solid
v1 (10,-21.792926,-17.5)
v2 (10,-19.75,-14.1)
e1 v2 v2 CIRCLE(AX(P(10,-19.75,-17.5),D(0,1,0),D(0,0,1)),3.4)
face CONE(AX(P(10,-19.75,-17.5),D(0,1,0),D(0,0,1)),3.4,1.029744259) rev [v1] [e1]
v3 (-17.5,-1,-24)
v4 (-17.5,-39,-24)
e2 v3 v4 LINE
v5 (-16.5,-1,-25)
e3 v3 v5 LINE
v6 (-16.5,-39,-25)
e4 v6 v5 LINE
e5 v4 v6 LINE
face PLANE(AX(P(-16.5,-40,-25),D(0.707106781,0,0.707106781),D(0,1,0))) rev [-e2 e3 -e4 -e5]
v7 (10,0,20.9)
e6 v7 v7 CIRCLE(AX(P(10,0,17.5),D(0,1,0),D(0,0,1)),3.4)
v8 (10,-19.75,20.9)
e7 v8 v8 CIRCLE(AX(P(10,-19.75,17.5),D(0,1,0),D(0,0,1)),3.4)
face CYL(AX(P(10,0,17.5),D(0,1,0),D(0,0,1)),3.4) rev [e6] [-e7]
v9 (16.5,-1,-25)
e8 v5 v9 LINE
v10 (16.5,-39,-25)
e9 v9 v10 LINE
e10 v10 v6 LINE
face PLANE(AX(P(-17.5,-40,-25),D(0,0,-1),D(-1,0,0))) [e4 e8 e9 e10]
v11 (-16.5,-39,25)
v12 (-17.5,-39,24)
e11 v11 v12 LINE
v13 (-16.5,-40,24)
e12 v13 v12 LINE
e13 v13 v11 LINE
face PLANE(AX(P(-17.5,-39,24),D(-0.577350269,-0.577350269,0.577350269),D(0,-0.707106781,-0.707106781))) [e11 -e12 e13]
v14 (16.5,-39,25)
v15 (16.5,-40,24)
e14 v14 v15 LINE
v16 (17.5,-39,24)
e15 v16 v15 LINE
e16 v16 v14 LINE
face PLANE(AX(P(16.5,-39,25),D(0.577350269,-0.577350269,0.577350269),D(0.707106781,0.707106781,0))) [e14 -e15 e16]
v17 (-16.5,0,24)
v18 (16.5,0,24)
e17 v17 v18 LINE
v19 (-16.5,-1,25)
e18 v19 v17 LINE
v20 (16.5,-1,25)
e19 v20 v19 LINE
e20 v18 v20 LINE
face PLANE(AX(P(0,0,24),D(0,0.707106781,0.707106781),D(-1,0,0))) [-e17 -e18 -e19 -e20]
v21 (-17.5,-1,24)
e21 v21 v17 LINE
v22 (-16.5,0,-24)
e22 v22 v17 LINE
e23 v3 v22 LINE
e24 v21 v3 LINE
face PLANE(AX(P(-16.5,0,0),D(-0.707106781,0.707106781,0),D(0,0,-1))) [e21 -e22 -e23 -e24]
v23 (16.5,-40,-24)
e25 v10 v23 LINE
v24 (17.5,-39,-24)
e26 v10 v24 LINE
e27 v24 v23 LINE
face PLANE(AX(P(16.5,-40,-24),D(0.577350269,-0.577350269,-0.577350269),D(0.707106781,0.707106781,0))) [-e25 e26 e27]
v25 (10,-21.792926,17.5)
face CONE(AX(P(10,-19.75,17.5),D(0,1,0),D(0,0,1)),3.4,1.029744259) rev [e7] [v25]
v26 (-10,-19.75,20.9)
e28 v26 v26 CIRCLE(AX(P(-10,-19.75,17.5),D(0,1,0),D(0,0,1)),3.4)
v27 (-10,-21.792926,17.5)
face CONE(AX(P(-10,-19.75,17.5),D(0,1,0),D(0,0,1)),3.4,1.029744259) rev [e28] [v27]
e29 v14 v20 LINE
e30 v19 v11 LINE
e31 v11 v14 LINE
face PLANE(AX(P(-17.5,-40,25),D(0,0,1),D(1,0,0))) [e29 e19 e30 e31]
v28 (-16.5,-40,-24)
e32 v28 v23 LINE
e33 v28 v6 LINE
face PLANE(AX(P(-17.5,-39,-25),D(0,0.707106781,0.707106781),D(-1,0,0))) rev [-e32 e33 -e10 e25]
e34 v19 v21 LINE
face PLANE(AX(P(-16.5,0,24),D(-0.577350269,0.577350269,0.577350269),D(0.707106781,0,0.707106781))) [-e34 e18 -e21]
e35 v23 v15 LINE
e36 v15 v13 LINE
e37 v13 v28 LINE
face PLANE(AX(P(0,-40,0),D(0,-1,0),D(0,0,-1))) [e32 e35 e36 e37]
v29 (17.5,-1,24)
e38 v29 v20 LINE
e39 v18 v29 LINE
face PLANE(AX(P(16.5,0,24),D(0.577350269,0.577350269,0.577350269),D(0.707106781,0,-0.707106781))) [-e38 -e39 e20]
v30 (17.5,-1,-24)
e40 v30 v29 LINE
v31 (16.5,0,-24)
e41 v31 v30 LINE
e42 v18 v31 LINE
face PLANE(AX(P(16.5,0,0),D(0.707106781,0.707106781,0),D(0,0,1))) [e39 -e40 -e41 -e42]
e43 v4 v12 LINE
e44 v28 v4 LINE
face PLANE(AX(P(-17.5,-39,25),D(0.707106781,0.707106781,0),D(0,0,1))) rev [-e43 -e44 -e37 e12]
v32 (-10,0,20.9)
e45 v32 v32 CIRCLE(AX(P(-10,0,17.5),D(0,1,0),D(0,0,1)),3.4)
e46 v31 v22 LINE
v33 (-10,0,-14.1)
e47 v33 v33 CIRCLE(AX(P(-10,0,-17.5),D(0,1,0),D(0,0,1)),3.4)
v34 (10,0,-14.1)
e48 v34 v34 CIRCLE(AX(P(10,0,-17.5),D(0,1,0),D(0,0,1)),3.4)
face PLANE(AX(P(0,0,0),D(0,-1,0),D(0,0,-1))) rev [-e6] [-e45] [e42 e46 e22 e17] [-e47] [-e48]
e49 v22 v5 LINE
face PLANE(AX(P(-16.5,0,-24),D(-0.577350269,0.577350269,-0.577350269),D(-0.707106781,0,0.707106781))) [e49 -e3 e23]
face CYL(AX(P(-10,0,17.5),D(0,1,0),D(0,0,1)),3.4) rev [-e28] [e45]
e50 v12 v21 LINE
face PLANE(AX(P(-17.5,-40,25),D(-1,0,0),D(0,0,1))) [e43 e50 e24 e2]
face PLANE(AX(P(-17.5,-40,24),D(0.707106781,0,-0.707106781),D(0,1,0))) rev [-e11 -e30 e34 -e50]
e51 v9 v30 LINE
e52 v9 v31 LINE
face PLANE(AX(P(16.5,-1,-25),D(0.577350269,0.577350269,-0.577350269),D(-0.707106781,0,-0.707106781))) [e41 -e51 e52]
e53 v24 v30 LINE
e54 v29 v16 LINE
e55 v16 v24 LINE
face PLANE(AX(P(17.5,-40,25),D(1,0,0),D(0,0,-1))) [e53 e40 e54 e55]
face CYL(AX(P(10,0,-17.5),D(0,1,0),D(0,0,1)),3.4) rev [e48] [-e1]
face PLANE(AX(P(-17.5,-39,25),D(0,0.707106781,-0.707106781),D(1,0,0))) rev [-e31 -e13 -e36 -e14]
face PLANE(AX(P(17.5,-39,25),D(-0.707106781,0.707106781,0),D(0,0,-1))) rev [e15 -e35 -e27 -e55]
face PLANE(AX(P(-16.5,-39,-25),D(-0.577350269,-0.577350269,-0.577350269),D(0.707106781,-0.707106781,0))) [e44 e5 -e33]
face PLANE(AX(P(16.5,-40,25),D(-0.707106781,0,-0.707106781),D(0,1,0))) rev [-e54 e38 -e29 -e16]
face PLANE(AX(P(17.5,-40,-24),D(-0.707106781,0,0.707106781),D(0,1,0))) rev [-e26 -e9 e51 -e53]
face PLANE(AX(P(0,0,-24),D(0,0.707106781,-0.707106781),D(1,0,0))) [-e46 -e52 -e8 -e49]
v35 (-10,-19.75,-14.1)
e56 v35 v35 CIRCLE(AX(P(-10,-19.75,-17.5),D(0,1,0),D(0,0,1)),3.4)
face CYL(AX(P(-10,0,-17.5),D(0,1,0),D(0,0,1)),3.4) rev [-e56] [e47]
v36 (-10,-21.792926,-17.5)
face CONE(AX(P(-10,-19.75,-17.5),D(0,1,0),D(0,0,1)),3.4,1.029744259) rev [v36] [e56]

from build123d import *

# Parameters (mm, degrees)
SKETCH1_W                  = 35
SKETCH1_H                  = 50
BOSS_EXTRUDE1_DEPTH        = 40
CHAMFER1_SIZE              = 1
M8_TAPPED_HOLE1_AT_2_COUNT = 2
M8_TAPPED_HOLE1_AT_2_PITCH = 40.311288741


with BuildPart() as part:
    # Sketch1 → Boss-Extrude1 (new body)
    with BuildSketch(Plane(origin=(0, 0, 0), x_dir=(1, 0, 0), z_dir=(0, 1, 0))):
        Rectangle(SKETCH1_W, SKETCH1_H)
    extrude(amount=-BOSS_EXTRUDE1_DEPTH)

    # Chamfer1
    chamfer1_edges = [part.edges().sort_by_distance(p)[0] for p in [
        (-17.5, -40, 0),
        (0, -40, 25),
        (17.5, -40, 0),
        (0, 0, 25),
        (-17.5, 0, 0),
        (0, 0, -25),
        (17.5, 0, 0),
        (17.5, -20, 25),
        (-17.5, -20, 25),
        (-17.5, -20, -25),
        (17.5, -20, -25),
        (0, -40, -25),
    ]]
    chamfer(chamfer1_edges, length=CHAMFER1_SIZE)

    # Sketch3 → M8 Tapped Hole1 (revolve, cut)
    with BuildSketch(Plane(origin=(-10, 0, -17.5), x_dir=(0, 0, 1), z_dir=(1, 0, 0))):
        Polygon((0, 0), (0, 21.792926105), (3.4, 19.75), (3.4, 0), align=None)
    m8_tapped_hole1 = revolve(axis=Axis((-10, 6.35, -17.5), (0, -1, 0)), mode=Mode.SUBTRACT)

    # M8 Tapped Hole1 at 2: M8 Tapped Hole1 ×2
    with Locations(*[Vector(0.4961389383568339, 0, 0.8682431421244592) * (i * M8_TAPPED_HOLE1_AT_2_PITCH) for i in range(1, M8_TAPPED_HOLE1_AT_2_COUNT)]):
        add(m8_tapped_hole1, mode=Mode.SUBTRACT)

    # Mirror1: M8 Tapped Hole1 across plane
    add(m8_tapped_hole1.mirror(Plane.XY), mode=Mode.SUBTRACT)

    # Mirror1 copy 1 sketch → Mirror1 copy 1 (revolve, cut)
    with BuildSketch(Plane(origin=(10, 0, -17.5), x_dir=(0, 0, -1), z_dir=(1, 0, 0))):
        Polygon((0, 0), (0, -21.792926105), (3.4, -19.75), (3.4, 0), align=None)
    revolve(axis=Axis((10, 6.35, -17.5), (0, 1, 0)), mode=Mode.SUBTRACT)


solid = part.part
